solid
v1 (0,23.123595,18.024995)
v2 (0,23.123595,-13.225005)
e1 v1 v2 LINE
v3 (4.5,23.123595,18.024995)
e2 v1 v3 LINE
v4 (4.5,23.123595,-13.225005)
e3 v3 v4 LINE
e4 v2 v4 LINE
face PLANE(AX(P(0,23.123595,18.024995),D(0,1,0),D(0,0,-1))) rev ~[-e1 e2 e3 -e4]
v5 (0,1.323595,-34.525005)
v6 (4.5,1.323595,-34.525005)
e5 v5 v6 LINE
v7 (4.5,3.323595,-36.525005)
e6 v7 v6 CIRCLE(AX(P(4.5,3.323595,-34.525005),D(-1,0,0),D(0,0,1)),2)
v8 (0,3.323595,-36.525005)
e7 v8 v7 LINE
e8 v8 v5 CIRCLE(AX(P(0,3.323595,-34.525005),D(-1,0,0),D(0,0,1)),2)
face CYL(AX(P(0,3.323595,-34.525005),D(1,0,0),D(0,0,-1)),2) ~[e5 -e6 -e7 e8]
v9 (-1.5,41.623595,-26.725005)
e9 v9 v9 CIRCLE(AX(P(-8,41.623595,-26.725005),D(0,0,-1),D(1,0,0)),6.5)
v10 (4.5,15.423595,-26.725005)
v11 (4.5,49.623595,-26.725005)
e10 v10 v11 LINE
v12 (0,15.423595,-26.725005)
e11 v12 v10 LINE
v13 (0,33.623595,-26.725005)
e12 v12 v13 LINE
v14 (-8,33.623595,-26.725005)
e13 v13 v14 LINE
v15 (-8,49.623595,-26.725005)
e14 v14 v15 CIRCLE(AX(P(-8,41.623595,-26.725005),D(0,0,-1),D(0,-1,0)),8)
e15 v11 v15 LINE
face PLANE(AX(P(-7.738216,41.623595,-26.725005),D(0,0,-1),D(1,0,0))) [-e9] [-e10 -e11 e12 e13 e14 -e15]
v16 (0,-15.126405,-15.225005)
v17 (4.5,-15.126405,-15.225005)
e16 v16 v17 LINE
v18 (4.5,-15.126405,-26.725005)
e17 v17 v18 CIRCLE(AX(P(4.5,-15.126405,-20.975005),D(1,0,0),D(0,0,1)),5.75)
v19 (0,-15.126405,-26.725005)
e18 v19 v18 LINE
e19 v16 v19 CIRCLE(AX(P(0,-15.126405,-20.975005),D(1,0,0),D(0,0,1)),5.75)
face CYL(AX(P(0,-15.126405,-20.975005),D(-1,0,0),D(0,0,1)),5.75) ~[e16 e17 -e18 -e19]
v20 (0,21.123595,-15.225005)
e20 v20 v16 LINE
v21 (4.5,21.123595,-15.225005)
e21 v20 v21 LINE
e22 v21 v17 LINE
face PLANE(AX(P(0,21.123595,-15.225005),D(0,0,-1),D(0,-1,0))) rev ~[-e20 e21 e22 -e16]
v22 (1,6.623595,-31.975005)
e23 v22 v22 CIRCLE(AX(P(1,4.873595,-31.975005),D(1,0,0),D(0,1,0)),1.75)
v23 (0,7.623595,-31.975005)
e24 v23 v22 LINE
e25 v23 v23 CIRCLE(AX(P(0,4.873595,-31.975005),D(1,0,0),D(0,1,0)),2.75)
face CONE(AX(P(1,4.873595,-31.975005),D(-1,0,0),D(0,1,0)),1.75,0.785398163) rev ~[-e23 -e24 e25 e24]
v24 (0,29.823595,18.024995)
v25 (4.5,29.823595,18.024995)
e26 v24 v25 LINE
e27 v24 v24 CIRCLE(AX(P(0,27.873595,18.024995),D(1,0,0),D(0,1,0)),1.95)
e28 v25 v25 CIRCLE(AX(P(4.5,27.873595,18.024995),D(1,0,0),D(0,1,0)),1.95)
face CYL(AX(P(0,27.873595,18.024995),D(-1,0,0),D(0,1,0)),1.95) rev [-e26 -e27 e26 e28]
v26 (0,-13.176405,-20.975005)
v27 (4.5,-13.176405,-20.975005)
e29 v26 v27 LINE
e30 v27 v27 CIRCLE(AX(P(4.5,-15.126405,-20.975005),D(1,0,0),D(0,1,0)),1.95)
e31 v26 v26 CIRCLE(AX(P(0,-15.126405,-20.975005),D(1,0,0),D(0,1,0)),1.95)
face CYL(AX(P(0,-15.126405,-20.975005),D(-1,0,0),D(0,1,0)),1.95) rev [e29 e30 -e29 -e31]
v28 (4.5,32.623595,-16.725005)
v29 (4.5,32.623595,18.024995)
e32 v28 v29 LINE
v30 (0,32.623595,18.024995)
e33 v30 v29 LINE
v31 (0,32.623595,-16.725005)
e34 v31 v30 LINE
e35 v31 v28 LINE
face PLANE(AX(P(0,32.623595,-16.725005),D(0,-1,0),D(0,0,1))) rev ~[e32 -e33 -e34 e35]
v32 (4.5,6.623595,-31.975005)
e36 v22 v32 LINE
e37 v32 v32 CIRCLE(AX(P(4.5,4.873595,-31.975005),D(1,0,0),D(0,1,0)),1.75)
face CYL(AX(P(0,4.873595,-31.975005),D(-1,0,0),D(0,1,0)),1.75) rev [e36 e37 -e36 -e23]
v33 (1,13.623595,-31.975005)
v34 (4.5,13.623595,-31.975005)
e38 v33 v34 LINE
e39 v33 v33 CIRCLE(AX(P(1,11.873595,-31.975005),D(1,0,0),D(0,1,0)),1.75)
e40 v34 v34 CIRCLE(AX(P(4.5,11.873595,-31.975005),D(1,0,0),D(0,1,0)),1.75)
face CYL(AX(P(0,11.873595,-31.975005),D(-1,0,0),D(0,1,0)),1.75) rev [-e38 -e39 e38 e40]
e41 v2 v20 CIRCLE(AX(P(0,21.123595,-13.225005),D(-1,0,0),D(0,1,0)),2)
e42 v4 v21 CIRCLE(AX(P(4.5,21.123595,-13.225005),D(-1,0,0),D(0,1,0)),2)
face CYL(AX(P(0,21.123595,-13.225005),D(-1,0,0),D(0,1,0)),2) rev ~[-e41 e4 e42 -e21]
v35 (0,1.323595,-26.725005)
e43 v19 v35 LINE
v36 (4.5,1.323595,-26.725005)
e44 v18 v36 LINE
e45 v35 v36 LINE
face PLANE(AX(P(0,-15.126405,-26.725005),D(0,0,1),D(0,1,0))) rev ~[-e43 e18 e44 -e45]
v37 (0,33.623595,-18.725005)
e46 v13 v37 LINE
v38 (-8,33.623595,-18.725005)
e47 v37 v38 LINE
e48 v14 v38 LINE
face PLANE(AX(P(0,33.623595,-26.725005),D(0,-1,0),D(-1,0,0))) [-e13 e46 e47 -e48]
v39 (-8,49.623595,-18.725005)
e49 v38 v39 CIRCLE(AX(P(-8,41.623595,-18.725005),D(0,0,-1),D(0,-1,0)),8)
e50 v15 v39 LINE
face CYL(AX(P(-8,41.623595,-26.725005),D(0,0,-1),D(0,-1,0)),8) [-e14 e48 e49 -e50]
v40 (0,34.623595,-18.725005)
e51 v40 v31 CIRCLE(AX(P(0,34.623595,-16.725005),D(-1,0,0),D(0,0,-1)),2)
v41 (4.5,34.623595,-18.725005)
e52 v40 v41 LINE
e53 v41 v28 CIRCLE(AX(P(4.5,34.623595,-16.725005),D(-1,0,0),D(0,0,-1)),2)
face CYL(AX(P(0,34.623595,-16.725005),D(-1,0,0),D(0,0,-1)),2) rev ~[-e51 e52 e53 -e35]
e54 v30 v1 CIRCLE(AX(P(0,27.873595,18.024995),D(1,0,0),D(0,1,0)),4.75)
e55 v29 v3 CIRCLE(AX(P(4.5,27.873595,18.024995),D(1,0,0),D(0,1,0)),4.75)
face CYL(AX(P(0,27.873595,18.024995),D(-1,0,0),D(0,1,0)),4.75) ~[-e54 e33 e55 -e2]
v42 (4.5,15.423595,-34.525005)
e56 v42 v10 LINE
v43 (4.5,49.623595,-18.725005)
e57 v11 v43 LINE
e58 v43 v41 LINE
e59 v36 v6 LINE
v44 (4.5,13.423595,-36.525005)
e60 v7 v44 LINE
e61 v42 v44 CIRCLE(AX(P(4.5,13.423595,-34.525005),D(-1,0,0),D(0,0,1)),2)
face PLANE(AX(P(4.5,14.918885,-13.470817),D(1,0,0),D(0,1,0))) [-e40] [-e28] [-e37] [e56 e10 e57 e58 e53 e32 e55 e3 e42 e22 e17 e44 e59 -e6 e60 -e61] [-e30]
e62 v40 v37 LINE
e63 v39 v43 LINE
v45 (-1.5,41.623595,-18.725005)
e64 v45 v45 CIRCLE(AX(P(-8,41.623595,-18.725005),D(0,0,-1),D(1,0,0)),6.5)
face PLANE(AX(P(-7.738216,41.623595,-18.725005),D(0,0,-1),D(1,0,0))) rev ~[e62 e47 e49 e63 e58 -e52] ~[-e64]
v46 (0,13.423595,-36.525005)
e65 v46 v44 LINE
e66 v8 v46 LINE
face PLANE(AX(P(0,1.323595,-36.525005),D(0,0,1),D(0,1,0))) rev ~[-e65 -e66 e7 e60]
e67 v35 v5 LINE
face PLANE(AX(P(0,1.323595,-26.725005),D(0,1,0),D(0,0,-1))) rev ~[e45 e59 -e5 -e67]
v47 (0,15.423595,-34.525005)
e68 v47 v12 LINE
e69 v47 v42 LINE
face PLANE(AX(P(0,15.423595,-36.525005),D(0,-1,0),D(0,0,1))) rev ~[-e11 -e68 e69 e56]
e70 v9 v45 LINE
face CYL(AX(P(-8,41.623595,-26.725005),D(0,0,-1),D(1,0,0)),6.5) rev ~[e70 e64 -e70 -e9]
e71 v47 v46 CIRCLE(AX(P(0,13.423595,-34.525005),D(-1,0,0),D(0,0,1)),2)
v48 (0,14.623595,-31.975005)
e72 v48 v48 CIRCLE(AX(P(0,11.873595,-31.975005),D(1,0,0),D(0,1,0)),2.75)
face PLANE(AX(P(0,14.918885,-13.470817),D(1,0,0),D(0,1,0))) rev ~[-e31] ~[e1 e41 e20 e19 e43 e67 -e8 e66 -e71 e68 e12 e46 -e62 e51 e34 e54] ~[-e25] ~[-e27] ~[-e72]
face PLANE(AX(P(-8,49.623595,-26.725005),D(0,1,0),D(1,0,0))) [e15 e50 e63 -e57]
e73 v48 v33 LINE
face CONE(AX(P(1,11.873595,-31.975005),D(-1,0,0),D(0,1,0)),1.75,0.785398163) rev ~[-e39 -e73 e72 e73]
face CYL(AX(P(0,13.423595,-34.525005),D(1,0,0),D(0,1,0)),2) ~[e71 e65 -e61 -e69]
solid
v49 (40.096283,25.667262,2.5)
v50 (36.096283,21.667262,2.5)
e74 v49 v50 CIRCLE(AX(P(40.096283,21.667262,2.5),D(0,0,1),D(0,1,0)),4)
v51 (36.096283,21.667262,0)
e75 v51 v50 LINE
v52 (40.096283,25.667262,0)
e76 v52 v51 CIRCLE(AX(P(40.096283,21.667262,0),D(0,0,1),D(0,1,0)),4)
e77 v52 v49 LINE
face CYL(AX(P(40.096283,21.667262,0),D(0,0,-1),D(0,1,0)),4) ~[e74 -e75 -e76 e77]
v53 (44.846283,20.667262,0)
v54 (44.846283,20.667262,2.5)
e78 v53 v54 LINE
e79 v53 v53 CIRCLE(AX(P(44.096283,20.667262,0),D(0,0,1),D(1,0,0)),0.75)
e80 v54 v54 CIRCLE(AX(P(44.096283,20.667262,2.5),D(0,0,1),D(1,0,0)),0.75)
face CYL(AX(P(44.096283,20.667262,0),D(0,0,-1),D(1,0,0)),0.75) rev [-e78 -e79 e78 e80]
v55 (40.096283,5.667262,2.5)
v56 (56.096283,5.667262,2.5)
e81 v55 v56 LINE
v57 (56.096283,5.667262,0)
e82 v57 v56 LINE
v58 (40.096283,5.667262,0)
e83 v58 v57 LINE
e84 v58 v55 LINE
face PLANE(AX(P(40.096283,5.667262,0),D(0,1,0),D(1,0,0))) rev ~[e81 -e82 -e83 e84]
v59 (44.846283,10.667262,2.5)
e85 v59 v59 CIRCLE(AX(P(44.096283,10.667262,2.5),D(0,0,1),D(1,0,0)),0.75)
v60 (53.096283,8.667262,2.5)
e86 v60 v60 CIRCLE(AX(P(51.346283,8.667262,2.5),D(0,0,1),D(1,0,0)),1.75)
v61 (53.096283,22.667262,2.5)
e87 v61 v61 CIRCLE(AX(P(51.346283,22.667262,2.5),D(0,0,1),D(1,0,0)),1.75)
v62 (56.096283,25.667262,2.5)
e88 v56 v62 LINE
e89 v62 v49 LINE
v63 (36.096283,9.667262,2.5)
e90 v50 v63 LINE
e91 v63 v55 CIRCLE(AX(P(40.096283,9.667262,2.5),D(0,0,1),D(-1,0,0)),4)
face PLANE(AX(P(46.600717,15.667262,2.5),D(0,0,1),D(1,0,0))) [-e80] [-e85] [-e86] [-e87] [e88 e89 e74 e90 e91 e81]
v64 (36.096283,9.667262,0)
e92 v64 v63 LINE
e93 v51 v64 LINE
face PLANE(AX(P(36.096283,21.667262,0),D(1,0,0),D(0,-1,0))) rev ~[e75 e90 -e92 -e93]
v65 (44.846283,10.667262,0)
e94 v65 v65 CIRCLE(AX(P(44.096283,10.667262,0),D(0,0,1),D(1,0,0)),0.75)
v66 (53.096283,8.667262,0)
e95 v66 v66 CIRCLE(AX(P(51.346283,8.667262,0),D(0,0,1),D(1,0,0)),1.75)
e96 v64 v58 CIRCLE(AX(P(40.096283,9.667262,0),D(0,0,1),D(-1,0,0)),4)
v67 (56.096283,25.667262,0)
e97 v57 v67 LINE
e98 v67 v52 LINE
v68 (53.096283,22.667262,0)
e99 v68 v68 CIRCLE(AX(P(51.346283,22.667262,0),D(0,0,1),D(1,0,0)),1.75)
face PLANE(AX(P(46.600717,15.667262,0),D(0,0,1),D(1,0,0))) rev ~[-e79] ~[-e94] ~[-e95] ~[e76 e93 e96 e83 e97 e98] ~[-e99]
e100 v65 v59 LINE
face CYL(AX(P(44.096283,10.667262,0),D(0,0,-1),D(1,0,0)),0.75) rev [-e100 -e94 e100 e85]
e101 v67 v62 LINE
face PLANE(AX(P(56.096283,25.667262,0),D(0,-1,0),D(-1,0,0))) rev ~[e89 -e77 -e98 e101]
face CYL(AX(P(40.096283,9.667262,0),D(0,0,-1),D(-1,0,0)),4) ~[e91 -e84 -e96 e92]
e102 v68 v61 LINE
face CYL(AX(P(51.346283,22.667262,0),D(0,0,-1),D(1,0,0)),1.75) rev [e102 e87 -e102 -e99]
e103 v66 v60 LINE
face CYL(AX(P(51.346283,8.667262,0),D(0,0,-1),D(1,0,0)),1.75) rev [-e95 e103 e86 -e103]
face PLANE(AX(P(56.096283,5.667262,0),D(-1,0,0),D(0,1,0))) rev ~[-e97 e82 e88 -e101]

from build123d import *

# Parameters (mm, degrees)
F3_R     = 1.75
F3_R_2   = 1.95
F3_W     = 13
F3_H     = 8
F4_DEPTH = 4.5
F2_R     = 6.5
F5_DEPTH = 8
F6_SIZE  = 1
F7_R     = 2
F8_R     = 0.75
F8_R_2   = 1.75
F9_DEPTH = 2.5


with BuildPart() as f4:
    # F3 (on Right) → F4 (new body)
    with BuildSketch(Plane.YZ):
        with BuildLine():
            Line((36.6235950301, -26.7250053585), (36.6235950301, -18.7250053585))
            Line((36.6235950301, -18.7250053585), (34.6235950301, -18.7250053585))
            ThreePointArc((34.6235950301, -18.7250053585), (33.2093814677, -18.1392189208), (32.6235950301, -16.7250053585))
            Line((32.6235950301, -16.7250053585), (32.6235950301, 18.0249946415))
            ThreePointArc((32.6235950301, 18.0249946415), (27.8735950301, 22.7749946415), (23.1235950301, 18.0249946415))
            Line((23.1235950301, 18.0249946415), (23.1235950301, -13.2250053585))
            ThreePointArc((23.1235950301, -13.2250053585), (22.5378085924, -14.6392189208), (21.1235950301, -15.2250053585))
            Line((21.1235950301, -15.2250053585), (-15.1264049699, -15.2250053585))
            ThreePointArc((-15.1264049699, -15.2250053585), (-20.8764049699, -20.9750053585), (-15.1264049699, -26.7250053585))
            Line((-15.1264049699, -26.7250053585), (1.3235950301, -26.7250053585))
            Line((1.3235950301, -26.7250053585), (1.3235950301, -36.5250053585))
            Line((1.3235950301, -36.5250053585), (15.4235950301, -36.5250053585))
            Line((15.4235950301, -36.5250053585), (15.4235950301, -26.7250053585))
            Line((15.4235950301, -26.7250053585), (36.6235950301, -26.7250053585))
        make_face()
        with Locations((4.8735950301, -31.9750053585)):
            Circle(F3_R, mode=Mode.SUBTRACT)
        with Locations((11.8735950301, -31.9750053585)):
            Circle(F3_R, mode=Mode.SUBTRACT)
        with Locations((-15.1264049699, -20.9750053585)):
            Circle(F3_R_2, mode=Mode.SUBTRACT)
        with Locations((27.8735950301, 18.0249946415)):
            Circle(F3_R_2, mode=Mode.SUBTRACT)
        with Locations((43.1235950301, -22.7250053585)):
            Rectangle(F3_W, F3_H)
    extrude(amount=F4_DEPTH)

    # F2 (on line) → F5 (join, through all)
    with BuildSketch(Plane(origin=(0, 0, -26.7250053585), x_dir=(1, 0, 0), z_dir=(0, 0, -1))):
        with BuildLine():
            ThreePointArc((-8, -33.6235950301), (-16, -41.6235950301), (-8, -49.6235950301))
            ThreePointArc((-8, -49.6235950301), (-2.3431457505, -47.2804492795), (0, -41.6235950301))
            ThreePointArc((0, -41.6235950301), (-2.3431457505, -35.9667407806), (-8, -33.6235950301))
        make_face()
        with Locations((-8, -41.6235950301)):
            Circle(F2_R, mode=Mode.SUBTRACT)
        with BuildLine():
            ThreePointArc((0, -41.6235950301), (-2.3431457505, -47.2804492795), (-8, -49.6235950301))
            Line((-8, -49.6235950301), (0, -49.6235950301))
            Line((0, -49.6235950301), (0, -41.6235950301))
        make_face()
        with BuildLine():
            Line((0, -33.6235950301), (-8, -33.6235950301))
            ThreePointArc((-8, -33.6235950301), (-2.3431457505, -35.9667407806), (0, -41.6235950301))
            Line((0, -41.6235950301), (0, -33.6235950301))
        make_face()
    extrude(amount=-F5_DEPTH)

    # F6
    f6_edges = [f4.edges().sort_by_distance(p)[0] for p in [
        (0, 3.123595, -31.975005),
        (0, 10.123595, -31.975005),
    ]]
    chamfer(f6_edges, length=F6_SIZE)

    # F7
    f7_edges = [f4.edges().sort_by_distance(p)[0] for p in [
        (2.25, 15.423595, -36.525005),
        (2.25, 1.323595, -36.525005),
    ]]
    fillet(f7_edges, radius=F7_R)


with BuildPart() as f9:
    # F8 (on Top) → F9 (new body)
    with BuildSketch(Plane.XY):
        with BuildLine():
            Line((56.096283406, 5.6672617793), (56.096283406, 25.6672617793))
            Line((56.096283406, 25.6672617793), (40.096283406, 25.6672617793))
            ThreePointArc((40.096283406, 25.6672617793), (37.2678562813, 24.4956889041), (36.096283406, 21.6672617793))
            Line((36.096283406, 21.6672617793), (36.096283406, 9.6672617793))
            ThreePointArc((36.096283406, 9.6672617793), (37.2678562813, 6.8388346546), (40.096283406, 5.6672617793))
            Line((40.096283406, 5.6672617793), (56.096283406, 5.6672617793))
        make_face()
        with Locations((44.096283406, 10.6672617793)):
            Circle(F8_R, mode=Mode.SUBTRACT)
        with Locations((51.346283406, 8.6672617793)):
            Circle(F8_R_2, mode=Mode.SUBTRACT)
        with Locations((44.096283406, 20.6672617793)):
            Circle(F8_R, mode=Mode.SUBTRACT)
        with Locations((51.346283406, 22.6672617793)):
            Circle(F8_R_2, mode=Mode.SUBTRACT)
    extrude(amount=F9_DEPTH)


solid = Compound([f4.part, f9.part])
